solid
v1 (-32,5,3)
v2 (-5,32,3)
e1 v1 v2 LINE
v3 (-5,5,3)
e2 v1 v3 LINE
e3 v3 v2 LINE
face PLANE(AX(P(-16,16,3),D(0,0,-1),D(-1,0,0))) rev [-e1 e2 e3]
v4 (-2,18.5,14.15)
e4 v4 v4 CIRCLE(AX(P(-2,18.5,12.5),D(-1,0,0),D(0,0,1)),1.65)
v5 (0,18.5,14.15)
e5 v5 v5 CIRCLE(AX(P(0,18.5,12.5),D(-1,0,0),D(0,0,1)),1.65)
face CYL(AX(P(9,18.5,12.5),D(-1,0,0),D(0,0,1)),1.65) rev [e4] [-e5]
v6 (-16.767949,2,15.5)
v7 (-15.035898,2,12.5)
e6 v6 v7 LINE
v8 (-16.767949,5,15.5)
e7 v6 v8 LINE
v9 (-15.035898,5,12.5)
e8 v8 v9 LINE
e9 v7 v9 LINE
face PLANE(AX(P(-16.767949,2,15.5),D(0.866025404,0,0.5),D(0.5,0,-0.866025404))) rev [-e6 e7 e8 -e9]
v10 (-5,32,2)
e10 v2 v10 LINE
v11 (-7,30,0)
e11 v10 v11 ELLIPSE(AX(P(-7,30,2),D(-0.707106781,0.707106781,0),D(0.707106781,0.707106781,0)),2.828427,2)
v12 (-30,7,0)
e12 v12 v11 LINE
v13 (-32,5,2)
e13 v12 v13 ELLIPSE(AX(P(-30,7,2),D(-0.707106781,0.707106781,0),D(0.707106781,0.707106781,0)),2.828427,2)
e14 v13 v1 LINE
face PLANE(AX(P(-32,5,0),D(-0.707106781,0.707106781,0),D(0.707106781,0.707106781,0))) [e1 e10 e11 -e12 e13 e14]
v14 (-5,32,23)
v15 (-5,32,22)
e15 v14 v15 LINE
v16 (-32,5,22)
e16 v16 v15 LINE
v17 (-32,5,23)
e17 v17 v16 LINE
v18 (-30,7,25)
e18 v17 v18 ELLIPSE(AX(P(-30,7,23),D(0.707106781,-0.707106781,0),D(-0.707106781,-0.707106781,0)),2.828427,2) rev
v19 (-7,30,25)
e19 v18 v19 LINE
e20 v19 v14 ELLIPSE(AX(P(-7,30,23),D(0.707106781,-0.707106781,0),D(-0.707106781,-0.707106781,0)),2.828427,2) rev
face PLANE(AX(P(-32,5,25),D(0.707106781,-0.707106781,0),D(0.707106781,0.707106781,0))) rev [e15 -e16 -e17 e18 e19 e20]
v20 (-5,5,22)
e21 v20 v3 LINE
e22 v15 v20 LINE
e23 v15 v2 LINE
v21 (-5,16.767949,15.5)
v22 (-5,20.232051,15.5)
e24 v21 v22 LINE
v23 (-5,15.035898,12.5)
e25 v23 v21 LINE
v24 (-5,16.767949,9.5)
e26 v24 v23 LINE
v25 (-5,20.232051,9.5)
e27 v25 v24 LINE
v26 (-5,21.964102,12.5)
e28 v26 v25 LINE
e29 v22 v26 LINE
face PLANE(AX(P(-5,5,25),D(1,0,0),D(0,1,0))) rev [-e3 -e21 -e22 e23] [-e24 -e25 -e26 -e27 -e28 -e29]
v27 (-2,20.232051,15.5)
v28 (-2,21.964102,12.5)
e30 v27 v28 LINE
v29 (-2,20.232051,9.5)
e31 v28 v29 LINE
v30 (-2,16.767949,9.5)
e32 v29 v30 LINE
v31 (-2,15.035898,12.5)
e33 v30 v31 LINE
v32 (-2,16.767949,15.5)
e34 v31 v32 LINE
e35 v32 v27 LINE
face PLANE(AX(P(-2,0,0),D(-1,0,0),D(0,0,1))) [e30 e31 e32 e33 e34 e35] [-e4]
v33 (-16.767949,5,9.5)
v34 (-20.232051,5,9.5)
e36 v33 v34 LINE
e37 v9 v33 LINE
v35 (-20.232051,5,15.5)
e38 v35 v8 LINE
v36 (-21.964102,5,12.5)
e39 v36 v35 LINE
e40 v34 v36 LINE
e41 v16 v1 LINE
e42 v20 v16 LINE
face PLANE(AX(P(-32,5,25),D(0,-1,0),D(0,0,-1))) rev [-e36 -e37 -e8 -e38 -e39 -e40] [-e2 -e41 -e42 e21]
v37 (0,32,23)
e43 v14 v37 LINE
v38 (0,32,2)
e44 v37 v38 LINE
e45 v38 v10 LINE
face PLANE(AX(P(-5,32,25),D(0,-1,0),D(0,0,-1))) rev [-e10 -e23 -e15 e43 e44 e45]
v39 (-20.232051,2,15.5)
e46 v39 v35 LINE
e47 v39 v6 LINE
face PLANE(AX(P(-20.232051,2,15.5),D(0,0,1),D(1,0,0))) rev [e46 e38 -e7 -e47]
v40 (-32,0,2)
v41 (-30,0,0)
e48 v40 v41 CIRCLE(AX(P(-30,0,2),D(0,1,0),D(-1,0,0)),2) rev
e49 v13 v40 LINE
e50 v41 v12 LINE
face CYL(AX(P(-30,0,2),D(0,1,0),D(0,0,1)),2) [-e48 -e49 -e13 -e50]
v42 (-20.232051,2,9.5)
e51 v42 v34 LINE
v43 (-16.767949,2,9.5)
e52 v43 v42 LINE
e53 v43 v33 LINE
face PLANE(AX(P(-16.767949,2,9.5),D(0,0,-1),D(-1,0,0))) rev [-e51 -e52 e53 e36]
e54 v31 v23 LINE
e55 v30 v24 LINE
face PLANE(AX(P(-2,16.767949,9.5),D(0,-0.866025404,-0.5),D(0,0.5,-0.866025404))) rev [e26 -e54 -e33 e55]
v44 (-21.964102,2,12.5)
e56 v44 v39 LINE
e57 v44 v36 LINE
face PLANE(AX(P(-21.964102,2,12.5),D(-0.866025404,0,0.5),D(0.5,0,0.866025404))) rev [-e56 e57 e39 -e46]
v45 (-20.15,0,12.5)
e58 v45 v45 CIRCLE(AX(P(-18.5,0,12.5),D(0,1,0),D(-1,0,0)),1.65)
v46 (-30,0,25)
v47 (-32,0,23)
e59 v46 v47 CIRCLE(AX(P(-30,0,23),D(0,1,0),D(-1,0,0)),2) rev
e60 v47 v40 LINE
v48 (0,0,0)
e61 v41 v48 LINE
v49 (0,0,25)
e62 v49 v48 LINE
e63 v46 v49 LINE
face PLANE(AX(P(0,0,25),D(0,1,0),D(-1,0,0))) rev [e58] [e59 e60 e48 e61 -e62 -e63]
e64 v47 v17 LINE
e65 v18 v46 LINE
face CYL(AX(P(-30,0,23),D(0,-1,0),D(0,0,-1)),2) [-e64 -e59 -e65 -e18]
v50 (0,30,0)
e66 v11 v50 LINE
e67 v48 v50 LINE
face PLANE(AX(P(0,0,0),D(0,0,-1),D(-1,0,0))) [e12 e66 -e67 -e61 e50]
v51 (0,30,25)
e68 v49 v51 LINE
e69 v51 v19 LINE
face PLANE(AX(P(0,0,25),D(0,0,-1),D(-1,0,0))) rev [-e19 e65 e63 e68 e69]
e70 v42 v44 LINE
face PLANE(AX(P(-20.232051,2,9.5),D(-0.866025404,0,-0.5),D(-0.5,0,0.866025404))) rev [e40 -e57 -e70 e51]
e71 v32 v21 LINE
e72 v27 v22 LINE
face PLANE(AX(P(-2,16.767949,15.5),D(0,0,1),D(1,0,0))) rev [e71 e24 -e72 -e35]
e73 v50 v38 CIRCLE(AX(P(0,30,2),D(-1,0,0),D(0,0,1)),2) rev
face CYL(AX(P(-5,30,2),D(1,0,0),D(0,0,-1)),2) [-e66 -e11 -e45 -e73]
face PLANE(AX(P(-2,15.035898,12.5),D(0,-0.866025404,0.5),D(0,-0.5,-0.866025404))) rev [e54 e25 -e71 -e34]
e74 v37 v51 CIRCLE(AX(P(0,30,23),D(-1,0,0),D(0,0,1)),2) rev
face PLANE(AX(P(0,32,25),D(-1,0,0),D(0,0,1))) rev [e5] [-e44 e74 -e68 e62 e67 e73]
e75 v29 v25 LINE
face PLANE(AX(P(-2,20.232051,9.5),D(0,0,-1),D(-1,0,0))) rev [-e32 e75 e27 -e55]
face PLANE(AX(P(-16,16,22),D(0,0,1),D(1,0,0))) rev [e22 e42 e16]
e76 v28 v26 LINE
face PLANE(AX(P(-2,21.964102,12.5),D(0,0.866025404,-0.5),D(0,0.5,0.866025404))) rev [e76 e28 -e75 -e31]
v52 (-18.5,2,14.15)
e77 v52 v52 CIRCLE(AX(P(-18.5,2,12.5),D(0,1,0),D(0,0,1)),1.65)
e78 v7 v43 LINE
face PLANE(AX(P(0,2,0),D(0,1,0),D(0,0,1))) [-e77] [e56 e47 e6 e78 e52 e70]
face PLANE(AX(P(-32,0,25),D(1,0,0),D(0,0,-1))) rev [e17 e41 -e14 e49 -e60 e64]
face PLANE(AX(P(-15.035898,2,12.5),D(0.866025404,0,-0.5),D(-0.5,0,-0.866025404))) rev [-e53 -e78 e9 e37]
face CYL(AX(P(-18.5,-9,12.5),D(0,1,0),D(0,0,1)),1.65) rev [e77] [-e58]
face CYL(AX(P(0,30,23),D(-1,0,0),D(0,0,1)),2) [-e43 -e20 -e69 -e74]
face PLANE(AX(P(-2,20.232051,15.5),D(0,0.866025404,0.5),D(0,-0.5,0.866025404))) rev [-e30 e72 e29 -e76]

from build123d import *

# Parameters (mm, degrees)
EXTRUDE_1_DEPTH     = 25
RIB_1_REACH         = 53.701
SKETCH_3_WALL_W     = 143.585893822
SKETCH_3_WALL_H     = 3
FILLET_1_R          = 2
CUT_EXTRUDE_1_DEPTH = 3
CUT_EXTRUDE_2_DEPTH = 3
SKETCH_7_R          = 1.65
CUT_EXTRUDE_3_DEPTH = 11
SKETCH_6_R          = 1.65
CUT_EXTRUDE_4_DEPTH = 11


with BuildPart() as part:
    # Эскиз1 → Бобышка-Вытянуть1 (new body)
    with BuildSketch(Plane.XY):
        Polygon((0, 0), (-32, 0), (-32, 5), (-5, 5), (-5, 32), (0, 32), align=None)
    extrude(amount=EXTRUDE_1_DEPTH)

    # Эскиз3 wall → Ребро1 (add, up to next)
    with BuildSketch(Plane(origin=(-18.5, 18.5, 25), x_dir=(0.707106781187, 0.707106781187, 0), z_dir=(-0.707106781187, 0.707106781187, 0)), mode=Mode.PRIVATE) as rib_1_sk1:
        with Locations((0, 1.5)):
            Rectangle(SKETCH_3_WALL_W, SKETCH_3_WALL_H)
    rib_1_tool1 = extrude(rib_1_sk1.sketch, amount=-RIB_1_REACH, mode=Mode.PRIVATE) - part.part
    rib_1 = rib_1_tool1.solids().sort_by_distance((-18.5, 18.5, 25))[0]
    add(rib_1)

    # Зеркальное отражение1: Ребро1 across plane
    add(rib_1.mirror(Plane.XY.offset(12.5)))

    # Скругление1
    fillet_1_edges = [part.edges().sort_by_distance(p)[0] for p in [
        (-32, 2.5, 25),
        (-32, 2.5, 0),
        (-2.5, 32, 0),
        (-2.5, 32, 25),
    ]]
    fillet(fillet_1_edges, radius=FILLET_1_R)

    # Эскиз4 → Вырез-Вытянуть1 (cut)
    with BuildSketch(Plane(origin=(0, 5, 0), x_dir=(1, 0, 0), z_dir=(0, 1, 0))):
        Polygon((-15.035898385, -12.5), (-16.767949192, -9.5), (-20.232050808, -9.5), (-21.964101615, -12.5), (-20.232050808, -15.5), (-16.767949192, -15.5), align=None)
    extrude(amount=-CUT_EXTRUDE_1_DEPTH, mode=Mode.SUBTRACT)

    # Эскиз5 → Вырез-Вытянуть2 (cut)
    with BuildSketch(Plane.ZY.offset(5)):
        Polygon((12.5, 15.035898385), (15.5, 16.767949192), (15.5, 20.232050808), (12.5, 21.964101615), (9.5, 20.232050808), (9.5, 16.767949192), align=None)
    extrude(amount=-CUT_EXTRUDE_2_DEPTH, mode=Mode.SUBTRACT)

    # Эскиз7 → Вырез-Вытянуть3 (cut)
    with BuildSketch(Plane.ZY.offset(2)):
        with Locations((12.5, 18.5)):
            Circle(SKETCH_7_R)
    extrude(amount=-CUT_EXTRUDE_3_DEPTH, mode=Mode.SUBTRACT)

    # Эскиз6 → Вырез-Вытянуть4 (cut)
    with BuildSketch(Plane(origin=(0, 2, 0), x_dir=(1, 0, 0), z_dir=(0, 1, 0))):
        with Locations(Location((-18.5, -12.5, 0), (0, 0, 270))):
            Circle(SKETCH_6_R)
    extrude(amount=-CUT_EXTRUDE_4_DEPTH, mode=Mode.SUBTRACT)


solid = part.part
